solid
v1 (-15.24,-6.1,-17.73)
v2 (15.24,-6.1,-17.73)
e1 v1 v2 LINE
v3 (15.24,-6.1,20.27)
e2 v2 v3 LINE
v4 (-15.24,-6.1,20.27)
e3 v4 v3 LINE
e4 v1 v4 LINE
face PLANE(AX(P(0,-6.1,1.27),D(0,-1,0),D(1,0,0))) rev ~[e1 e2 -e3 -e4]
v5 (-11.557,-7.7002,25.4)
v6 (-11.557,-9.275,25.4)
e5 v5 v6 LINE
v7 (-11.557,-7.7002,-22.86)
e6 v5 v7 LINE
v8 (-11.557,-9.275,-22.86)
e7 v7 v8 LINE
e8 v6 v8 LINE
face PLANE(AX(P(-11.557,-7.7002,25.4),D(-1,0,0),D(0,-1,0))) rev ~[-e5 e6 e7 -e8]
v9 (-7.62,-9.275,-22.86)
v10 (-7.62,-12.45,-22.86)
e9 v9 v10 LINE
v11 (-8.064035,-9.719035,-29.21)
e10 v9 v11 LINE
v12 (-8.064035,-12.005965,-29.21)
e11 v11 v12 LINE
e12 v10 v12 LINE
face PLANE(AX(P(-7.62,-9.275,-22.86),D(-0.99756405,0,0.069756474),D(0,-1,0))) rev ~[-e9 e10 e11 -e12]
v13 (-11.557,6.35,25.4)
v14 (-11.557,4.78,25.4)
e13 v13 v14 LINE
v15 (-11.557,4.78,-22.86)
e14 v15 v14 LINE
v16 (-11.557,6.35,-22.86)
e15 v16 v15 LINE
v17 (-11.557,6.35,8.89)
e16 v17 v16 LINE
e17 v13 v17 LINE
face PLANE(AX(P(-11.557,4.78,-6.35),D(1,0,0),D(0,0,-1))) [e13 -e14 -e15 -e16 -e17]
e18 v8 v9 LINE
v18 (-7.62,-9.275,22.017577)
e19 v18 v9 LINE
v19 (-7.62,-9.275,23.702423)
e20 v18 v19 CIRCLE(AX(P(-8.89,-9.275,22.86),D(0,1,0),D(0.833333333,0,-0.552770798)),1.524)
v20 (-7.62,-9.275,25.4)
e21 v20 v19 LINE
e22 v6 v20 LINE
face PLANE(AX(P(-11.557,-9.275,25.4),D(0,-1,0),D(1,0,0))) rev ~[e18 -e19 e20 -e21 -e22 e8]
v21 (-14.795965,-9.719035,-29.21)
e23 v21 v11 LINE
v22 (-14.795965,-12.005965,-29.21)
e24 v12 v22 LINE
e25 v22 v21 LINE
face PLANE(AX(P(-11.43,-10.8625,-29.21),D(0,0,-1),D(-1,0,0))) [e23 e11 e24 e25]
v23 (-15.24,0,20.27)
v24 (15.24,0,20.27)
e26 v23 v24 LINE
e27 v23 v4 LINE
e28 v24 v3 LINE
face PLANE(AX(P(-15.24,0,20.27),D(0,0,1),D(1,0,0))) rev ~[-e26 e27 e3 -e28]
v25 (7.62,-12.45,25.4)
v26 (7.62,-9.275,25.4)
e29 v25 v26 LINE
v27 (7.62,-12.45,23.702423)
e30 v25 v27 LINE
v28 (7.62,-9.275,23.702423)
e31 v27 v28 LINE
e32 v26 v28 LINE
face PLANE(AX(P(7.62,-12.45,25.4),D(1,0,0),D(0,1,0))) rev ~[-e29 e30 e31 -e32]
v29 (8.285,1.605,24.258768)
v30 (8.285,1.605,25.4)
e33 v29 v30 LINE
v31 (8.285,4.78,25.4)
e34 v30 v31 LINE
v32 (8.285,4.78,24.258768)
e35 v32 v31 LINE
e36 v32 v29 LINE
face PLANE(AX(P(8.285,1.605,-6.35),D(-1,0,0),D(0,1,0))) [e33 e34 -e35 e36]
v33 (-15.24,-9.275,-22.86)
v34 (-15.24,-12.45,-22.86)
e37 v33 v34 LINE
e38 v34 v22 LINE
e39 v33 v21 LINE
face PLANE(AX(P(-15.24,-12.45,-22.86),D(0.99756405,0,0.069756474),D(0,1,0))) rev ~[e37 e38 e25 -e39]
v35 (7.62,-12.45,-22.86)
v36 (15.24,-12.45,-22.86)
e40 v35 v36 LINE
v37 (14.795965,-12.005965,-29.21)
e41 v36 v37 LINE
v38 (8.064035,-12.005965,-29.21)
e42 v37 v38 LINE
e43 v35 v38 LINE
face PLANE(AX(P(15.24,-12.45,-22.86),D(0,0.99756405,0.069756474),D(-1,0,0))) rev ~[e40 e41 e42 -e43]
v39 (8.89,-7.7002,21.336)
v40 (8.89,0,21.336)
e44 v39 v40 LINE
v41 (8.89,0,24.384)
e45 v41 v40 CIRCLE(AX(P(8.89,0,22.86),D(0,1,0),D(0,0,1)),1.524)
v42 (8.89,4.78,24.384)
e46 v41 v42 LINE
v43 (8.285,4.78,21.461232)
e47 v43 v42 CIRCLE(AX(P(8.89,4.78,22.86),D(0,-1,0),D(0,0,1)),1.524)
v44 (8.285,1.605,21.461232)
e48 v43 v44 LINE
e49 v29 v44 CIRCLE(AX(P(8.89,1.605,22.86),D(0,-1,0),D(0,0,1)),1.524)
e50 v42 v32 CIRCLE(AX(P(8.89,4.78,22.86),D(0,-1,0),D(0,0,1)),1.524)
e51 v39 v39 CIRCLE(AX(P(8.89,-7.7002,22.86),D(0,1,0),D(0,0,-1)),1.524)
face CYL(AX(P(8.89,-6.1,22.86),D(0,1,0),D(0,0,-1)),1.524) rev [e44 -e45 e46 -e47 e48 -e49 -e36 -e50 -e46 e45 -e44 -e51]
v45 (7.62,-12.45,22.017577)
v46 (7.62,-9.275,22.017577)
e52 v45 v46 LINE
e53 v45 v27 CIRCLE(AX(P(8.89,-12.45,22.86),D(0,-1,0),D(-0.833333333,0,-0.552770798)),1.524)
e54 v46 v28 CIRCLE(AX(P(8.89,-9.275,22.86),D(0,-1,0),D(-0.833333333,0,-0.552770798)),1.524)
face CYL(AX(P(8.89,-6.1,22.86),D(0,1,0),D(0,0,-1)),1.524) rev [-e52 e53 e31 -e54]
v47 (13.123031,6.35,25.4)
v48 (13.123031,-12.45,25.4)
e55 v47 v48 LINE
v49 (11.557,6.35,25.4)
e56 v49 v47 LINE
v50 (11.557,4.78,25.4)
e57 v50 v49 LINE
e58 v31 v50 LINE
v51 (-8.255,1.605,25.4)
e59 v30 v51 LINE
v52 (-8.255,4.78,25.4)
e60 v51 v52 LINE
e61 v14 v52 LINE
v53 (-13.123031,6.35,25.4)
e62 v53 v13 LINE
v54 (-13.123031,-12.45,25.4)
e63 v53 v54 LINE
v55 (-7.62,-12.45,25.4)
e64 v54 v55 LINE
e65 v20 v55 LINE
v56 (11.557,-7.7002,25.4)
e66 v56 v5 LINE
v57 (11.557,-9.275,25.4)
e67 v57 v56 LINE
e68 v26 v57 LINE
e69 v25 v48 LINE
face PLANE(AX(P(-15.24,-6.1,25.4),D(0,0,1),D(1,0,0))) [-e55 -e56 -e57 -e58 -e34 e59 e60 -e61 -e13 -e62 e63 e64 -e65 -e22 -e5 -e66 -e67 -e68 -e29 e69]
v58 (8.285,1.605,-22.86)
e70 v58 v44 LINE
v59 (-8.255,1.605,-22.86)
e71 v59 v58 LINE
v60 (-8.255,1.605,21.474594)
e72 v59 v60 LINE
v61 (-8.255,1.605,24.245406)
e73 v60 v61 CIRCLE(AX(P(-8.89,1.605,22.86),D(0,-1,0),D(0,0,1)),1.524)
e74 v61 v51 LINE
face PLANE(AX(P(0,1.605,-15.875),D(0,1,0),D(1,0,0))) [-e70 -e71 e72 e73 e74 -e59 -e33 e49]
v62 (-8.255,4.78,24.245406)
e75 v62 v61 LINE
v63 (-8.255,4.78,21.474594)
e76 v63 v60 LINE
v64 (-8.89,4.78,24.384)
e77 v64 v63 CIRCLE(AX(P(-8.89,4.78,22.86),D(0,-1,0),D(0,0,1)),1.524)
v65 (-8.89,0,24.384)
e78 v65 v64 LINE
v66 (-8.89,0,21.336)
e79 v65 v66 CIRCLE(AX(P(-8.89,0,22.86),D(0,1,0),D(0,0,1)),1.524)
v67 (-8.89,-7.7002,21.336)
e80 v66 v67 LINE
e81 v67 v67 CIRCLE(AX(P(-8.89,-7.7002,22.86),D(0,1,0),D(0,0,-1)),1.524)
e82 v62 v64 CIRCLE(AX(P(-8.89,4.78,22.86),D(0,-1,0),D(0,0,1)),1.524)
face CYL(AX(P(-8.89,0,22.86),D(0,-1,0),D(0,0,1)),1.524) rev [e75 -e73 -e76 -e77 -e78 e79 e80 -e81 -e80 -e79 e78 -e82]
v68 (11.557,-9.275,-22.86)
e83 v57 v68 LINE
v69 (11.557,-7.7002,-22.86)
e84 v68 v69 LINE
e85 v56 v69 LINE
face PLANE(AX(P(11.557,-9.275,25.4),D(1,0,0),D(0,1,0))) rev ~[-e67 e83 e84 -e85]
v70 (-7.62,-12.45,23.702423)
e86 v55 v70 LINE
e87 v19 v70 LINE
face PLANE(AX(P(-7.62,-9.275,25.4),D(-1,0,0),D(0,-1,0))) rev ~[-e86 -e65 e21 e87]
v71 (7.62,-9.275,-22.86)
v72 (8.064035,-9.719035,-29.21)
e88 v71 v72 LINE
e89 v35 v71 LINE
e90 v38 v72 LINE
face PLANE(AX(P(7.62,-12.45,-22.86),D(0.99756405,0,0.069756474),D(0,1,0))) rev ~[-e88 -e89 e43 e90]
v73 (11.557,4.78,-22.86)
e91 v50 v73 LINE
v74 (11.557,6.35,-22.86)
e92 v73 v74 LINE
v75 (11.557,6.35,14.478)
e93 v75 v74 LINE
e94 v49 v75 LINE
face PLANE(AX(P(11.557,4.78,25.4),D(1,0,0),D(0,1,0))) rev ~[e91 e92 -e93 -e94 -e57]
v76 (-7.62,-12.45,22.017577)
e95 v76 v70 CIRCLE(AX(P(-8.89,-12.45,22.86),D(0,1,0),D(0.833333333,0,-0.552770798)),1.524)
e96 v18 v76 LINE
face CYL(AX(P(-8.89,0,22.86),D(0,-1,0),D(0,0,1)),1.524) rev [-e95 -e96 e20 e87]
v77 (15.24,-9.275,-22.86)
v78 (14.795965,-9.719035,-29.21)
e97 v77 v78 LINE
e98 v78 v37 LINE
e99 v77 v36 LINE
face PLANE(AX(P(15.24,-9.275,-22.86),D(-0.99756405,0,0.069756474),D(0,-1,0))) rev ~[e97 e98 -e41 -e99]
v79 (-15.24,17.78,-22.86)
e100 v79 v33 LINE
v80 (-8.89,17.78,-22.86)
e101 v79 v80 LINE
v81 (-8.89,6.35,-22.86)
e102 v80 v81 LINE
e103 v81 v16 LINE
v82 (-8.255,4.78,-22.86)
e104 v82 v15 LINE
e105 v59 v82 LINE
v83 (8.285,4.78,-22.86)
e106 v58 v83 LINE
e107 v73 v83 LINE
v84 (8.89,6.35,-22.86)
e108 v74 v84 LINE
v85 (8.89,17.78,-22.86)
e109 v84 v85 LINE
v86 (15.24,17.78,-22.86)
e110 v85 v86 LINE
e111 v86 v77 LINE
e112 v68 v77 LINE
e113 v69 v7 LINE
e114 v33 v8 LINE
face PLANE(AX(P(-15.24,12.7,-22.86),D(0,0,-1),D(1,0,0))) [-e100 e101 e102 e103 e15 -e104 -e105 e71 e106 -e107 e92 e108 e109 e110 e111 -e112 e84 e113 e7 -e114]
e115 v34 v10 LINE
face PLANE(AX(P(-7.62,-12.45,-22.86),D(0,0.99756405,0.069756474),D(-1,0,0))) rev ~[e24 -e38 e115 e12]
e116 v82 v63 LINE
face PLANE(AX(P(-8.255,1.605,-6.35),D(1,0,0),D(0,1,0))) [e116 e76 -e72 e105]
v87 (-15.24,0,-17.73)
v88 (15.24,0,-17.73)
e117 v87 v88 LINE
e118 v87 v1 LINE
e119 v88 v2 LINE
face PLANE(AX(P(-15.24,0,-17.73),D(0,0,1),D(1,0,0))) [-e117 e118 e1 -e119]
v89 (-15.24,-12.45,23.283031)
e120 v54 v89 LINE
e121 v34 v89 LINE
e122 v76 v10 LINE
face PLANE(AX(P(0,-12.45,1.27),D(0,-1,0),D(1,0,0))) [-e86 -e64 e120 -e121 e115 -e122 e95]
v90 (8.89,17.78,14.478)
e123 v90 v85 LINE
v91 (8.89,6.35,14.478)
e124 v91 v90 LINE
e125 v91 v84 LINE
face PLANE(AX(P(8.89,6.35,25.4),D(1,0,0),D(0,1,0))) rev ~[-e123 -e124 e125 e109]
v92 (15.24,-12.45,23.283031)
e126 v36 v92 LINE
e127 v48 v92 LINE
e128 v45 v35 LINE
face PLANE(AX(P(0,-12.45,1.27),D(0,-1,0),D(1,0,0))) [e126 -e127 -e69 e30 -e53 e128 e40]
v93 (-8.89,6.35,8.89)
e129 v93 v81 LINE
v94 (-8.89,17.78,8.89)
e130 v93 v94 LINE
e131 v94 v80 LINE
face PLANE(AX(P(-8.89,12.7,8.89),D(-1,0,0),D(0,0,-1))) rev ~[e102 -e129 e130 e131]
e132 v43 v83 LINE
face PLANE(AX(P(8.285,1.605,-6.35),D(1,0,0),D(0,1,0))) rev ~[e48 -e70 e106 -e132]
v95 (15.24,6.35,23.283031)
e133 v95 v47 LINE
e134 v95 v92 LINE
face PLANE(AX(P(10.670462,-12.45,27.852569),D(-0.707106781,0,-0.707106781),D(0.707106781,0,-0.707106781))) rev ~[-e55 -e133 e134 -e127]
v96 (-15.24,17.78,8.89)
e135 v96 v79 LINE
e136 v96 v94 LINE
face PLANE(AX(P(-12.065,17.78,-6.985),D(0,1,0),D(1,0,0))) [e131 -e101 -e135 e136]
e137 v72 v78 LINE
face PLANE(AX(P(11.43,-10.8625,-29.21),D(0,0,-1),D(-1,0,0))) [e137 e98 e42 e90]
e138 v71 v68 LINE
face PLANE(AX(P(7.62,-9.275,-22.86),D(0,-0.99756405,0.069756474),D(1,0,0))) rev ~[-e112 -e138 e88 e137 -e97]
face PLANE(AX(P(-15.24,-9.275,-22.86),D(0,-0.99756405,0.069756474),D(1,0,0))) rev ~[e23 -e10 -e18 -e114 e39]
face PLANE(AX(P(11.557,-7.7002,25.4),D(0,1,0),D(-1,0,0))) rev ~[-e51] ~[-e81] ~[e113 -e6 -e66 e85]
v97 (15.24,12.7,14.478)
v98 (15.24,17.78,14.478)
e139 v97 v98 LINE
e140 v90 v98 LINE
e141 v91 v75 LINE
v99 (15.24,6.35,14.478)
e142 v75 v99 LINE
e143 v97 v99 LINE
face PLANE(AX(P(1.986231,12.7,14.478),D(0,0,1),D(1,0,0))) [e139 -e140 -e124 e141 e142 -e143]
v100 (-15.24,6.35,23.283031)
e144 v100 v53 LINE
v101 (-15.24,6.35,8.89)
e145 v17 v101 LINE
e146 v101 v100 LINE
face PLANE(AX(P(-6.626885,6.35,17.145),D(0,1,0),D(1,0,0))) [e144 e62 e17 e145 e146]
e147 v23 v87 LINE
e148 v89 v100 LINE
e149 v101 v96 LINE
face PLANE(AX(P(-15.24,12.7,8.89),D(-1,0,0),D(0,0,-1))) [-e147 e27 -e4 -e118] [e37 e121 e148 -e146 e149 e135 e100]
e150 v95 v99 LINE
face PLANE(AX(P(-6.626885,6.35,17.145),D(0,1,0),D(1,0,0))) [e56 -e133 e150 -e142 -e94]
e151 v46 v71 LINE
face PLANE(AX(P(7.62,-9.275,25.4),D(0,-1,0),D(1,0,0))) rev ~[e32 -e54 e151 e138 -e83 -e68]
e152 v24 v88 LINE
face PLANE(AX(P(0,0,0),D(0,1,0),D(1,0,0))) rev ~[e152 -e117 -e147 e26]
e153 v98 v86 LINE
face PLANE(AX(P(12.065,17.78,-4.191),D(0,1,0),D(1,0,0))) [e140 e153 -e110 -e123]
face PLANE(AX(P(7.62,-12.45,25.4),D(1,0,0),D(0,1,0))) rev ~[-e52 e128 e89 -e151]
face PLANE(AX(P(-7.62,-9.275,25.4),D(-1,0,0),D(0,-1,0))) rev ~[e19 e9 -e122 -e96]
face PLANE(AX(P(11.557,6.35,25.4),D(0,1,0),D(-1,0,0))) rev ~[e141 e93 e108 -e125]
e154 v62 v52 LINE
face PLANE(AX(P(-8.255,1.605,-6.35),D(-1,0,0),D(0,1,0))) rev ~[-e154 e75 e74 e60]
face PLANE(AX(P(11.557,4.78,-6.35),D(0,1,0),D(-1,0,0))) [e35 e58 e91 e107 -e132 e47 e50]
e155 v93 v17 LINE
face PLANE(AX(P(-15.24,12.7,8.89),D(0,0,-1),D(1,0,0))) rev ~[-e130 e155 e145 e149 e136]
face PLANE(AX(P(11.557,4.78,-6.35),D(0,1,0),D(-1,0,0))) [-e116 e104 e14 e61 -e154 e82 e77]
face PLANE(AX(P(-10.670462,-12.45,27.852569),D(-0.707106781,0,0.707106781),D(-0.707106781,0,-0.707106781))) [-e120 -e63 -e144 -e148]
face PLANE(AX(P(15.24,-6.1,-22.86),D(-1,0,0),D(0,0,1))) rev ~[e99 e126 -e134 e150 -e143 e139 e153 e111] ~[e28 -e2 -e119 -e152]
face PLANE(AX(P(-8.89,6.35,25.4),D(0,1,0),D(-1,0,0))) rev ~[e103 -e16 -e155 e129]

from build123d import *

# Parameters (mm, degrees)
SKETCH1_W                     = 30.48
SKETCH1_H                     = 50.8
SKETCH1_R                     = 1.524
BOSS_EXTRUDE1_DEPTH           = 12.7
CUT_EXTRUDE1_DEPTH            = 55.536112806
SKETCH3_W                     = 13.253769435
SKETCH3_H                     = 10.922
CUT_EXTRUDE2_DEPTH            = 6.35
SKETCH4_W                     = 23.114
SKETCH4_H                     = 19.05
CUT_EXTRUDE3_DEPTH            = 3.175
CUT_EXTRUDE4_DEPTH            = 2.54
SKETCH7_W                     = 3.272
SKETCH7_H                     = 3.175
SKETCH7_W_2                   = 3.302
BOSS_EXTRUDE2_DEPTH           = 16.51
SKETCH8_W                     = 16.54
SKETCH8_H                     = 3.175
CUT_EXTRUDE5_DEPTH            = 38.438083551
CUT_EXTRUDE5_DEPTH_BACK       = 38.438083551
SKETCH9_W                     = 30.48
SKETCH9_H                     = 5.13
SKETCH9_R                     = 1.524
BOSS_EXTRUDE3_DEPTH           = 6.1
SKETCH10_W                    = 30.48
SKETCH10_H                    = 48.26
SKETCH10_R                    = 1.524
BOSS_EXTRUDE4_DEPTH           = 6.35
CUT_EXTRUDE7_DEPTH            = 53.178302004
CUT_EXTRUDE7_DEPTH_BACK       = 53.178302004
BOSS_EXTRUDE5_DEPTH           = 6.35
BOSS_EXTRUDE5_DRAFT           = 4
BOSS_EXTRUDE5_PROFILE_2_DEPTH = 6.35
BOSS_EXTRUDE5_PROFILE_2_DRAFT = 4
CUT_EXTRUDE8_DEPTH            = 42.448814217
SKETCH14_W                    = 6.35
SKETCH14_H                    = 31.75
SKETCH14_H_2                  = 37.338
BOSS_EXTRUDE6_DEPTH           = 5.08


with BuildPart() as part:
    # Sketch1 → Boss-Extrude1 (new body)
    with BuildSketch(Plane(origin=(0, 0, 0), x_dir=(1, 0, 0), z_dir=(0, 1, 0))):
        Rectangle(SKETCH1_W, SKETCH1_H)
        with Locations(Location((8.89, -22.86, 0), (0, 0, 270))):
            Circle(SKETCH1_R, mode=Mode.SUBTRACT)
        with Locations(Location((-8.89, -22.86, 0), (0, 0, 270))):
            Circle(SKETCH1_R, mode=Mode.SUBTRACT)
        with Locations((8.89, 22.86)):
            Circle(SKETCH1_R, mode=Mode.SUBTRACT)
        with Locations((-8.89, 22.86)):
            Circle(SKETCH1_R, mode=Mode.SUBTRACT)
        with Locations((8.89, 22.86)):
            Circle(SKETCH1_R)
        with Locations((-8.89, 22.86)):
            Circle(SKETCH1_R)
    extrude(amount=BOSS_EXTRUDE1_DEPTH)

    # Sketch2 → Cut-Extrude1 (cut, through all)
    with BuildSketch(Plane.XY.offset(25.4)):
        Polygon((8.89, 12.7), (-8.89, 12.7), (-8.89, 6.35), (-11.557, 6.35), (-11.557, 4.78), (11.557, 4.78), (11.557, 6.35), (8.89, 6.35), align=None)
    extrude(amount=-CUT_EXTRUDE1_DEPTH, mode=Mode.SUBTRACT)

    # Sketch3 → Cut-Extrude2 (cut)
    with BuildSketch(Plane(origin=(0, 12.7, 0), x_dir=(1, 0, 0), z_dir=(0, 1, 0))):
        Polygon((-15.24, -8.89), (-15.24, -25.4), (1.986230565, -25.4), (1.986230565, -14.478), (1.986230565, -8.89), align=None)
        with Locations((8.613115283, -19.939)):
            Rectangle(SKETCH3_W, SKETCH3_H)
    extrude(amount=-CUT_EXTRUDE2_DEPTH, mode=Mode.SUBTRACT)

    # Sketch4 → Cut-Extrude3 (cut)
    with BuildSketch(Plane(origin=(0, 4.78, 0), x_dir=(1, 0, 0), z_dir=(0, 1, 0))):
        with Locations((0, 15.875)):
            Rectangle(SKETCH4_W, SKETCH4_H)
    extrude(amount=-CUT_EXTRUDE3_DEPTH, mode=Mode.SUBTRACT)

    # Sketch6 → Cut-Extrude4 (cut)
    with BuildSketch(Plane(origin=(0, 0, -25.4), x_dir=(-1, 0, 0), z_dir=(0, 0, -1))):
        Polygon((11.557, 6.35), (11.557, 1.605), (-11.557, 1.605), (-11.557, 6.35), (-8.89, 6.35), (-8.89, 12.7), (-15.24, 12.7), (-15.24, 0), (15.24, 0), (15.24, 12.7), (8.89, 12.7), (8.89, 6.35), align=None)
    extrude(amount=-CUT_EXTRUDE4_DEPTH, mode=Mode.SUBTRACT)

    # Sketch7 → Boss-Extrude2 (add)
    with BuildSketch(Plane(origin=(0, 0, -6.35), x_dir=(-1, 0, 0), z_dir=(0, 0, -1))):
        with Locations((-9.921, 3.1925)):
            Rectangle(SKETCH7_W, SKETCH7_H)
        with Locations((9.906, 3.1925)):
            Rectangle(SKETCH7_W_2, SKETCH7_H)
    extrude(amount=BOSS_EXTRUDE2_DEPTH)

    # Sketch8 → Cut-Extrude5 (cut, two sides)
    with BuildSketch(Plane(origin=(0, 0, -6.35), x_dir=(-1, 0, 0), z_dir=(0, 0, -1))) as cut_extrude5_sk:
        with Locations((-0.015, 3.1925)):
            Rectangle(SKETCH8_W, SKETCH8_H)
    extrude(amount=CUT_EXTRUDE5_DEPTH, mode=Mode.SUBTRACT)
    extrude(cut_extrude5_sk.sketch, amount=-CUT_EXTRUDE5_DEPTH_BACK, mode=Mode.SUBTRACT)

    # Sketch9 → Boss-Extrude3 (add)
    with BuildSketch(Plane.XZ):
        with Locations((0, 22.835)):
            Rectangle(SKETCH9_W, SKETCH9_H)
        with Locations(Location((-8.89, 22.86, 0), (0, 0, 270))):
            Circle(SKETCH9_R, mode=Mode.SUBTRACT)
        with Locations(Location((8.89, 22.86, 0), (0, 0, 270))):
            Circle(SKETCH9_R, mode=Mode.SUBTRACT)
        with Locations((0, -20.295)):
            Rectangle(SKETCH9_W, SKETCH9_H)
    extrude(amount=BOSS_EXTRUDE3_DEPTH)

    # Sketch10 → Boss-Extrude4 (add)
    with BuildSketch(Plane.XZ.offset(6.1)):
        with Locations((0, 1.27)):
            Rectangle(SKETCH10_W, SKETCH10_H)
        with Locations(Location((8.89, 22.86, 0), (0, 0, 270))):
            Circle(SKETCH10_R, mode=Mode.SUBTRACT)
        with Locations(Location((-8.89, 22.86, 0), (0, 0, 270))):
            Circle(SKETCH10_R, mode=Mode.SUBTRACT)
    extrude(amount=BOSS_EXTRUDE4_DEPTH)

    # Sketch11 → Cut-Extrude7 (cut, two sides)
    with BuildSketch(Plane.XY.offset(25.4)) as cut_extrude7_sk:
        Polygon((-7.62, -12.45), (0, -12.45), (0, -7.7002), (-11.557, -7.7002), (-11.557, -9.275), (-7.62, -9.275), align=None)
        Polygon((0, -7.7002), (0, -12.45), (7.62, -12.45), (7.62, -9.275), (11.557, -9.275), (11.557, -7.7002), align=None)
    extrude(amount=CUT_EXTRUDE7_DEPTH, mode=Mode.SUBTRACT)
    extrude(cut_extrude7_sk.sketch, amount=-CUT_EXTRUDE7_DEPTH_BACK, mode=Mode.SUBTRACT)


with BuildPart() as boss_extrude5_tool:
    # Sketch12 → Boss-Extrude5 (with draft: the straight prism first)
    with BuildSketch(Plane(origin=(0, 0, -22.86), x_dir=(-1, 0, 0), z_dir=(0, 0, -1))):
        Polygon((-7.62, -12.45), (-7.62, -9.275), (-11.557, -9.275), (-15.24, -9.275), (-15.24, -12.45), align=None)
    extrude(amount=BOSS_EXTRUDE5_DEPTH)
    # Boss-Extrude5: the draft: its side faces are tilted about the plane it starts from
    boss_extrude5_sides = [boss_extrude5_tool.faces().sort_by_distance(p)[0] for p in [
        (7.62, -10.8625, -26.035),
        (15.24, -10.8625, -26.035),
        (11.43, -9.275, -26.035),
        (11.43, -12.45, -26.035),
    ]]
    draft(boss_extrude5_sides, Plane(origin=(0, 0, -22.86), x_dir=(-1, 0, 0), z_dir=(0, 0, -1)), BOSS_EXTRUDE5_DRAFT)


with BuildPart() as part_1:
    add(part.part)

    # Boss-Extrude5: add boss_extrude5_tool
    add(boss_extrude5_tool.part)


with BuildPart() as boss_extrude5_profile_2_tool:
    # Sketch12 → Boss-Extrude5 profile 2 (with draft: the straight prism first)
    with BuildSketch(Plane(origin=(0, 0, -22.86), x_dir=(-1, 0, 0), z_dir=(0, 0, -1))):
        Polygon((15.24, -12.45), (15.24, -9.275), (11.557, -9.275), (7.62, -9.275), (7.62, -12.45), align=None)
    extrude(amount=BOSS_EXTRUDE5_PROFILE_2_DEPTH)
    # Boss-Extrude5 profile 2: the draft: its side faces are tilted about the plane it starts from
    boss_extrude5_profile_2_sides = [boss_extrude5_profile_2_tool.faces().sort_by_distance(p)[0] for p in [
        (-11.43, -12.45, -26.035),
        (-11.43, -9.275, -26.035),
        (-15.24, -10.8625, -26.035),
        (-7.62, -10.8625, -26.035),
    ]]
    draft(boss_extrude5_profile_2_sides, Plane(origin=(0, 0, -22.86), x_dir=(-1, 0, 0), z_dir=(0, 0, -1)), BOSS_EXTRUDE5_PROFILE_2_DRAFT)


with BuildPart() as part_2:
    add(part_1.part)

    # Boss-Extrude5 profile 2: add boss_extrude5_profile_2_tool
    add(boss_extrude5_profile_2_tool.part)

    # Sketch13 → Cut-Extrude8 (cut, through all)
    with BuildSketch(Plane.XZ.offset(12.45)):
        Polygon((-22.129268927, 18.728628624), (-23.925320151, 20.524679849), (-15.843089642, 28.606910358), (-14.047038418, 26.810859133), (-11.837895412, 29.020002139), (-10.670462117, 27.852568843), (-23.170978637, 15.352052323), (-24.338411933, 16.519485619), align=None)
        Polygon((23.170978637, 15.352052323), (24.338411933, 16.519485619), (22.129268927, 18.728628624), (23.925320151, 20.524679849), (15.843089642, 28.606910358), (14.047038418, 26.810859133), (11.837895412, 29.020002139), (10.670462117, 27.852568843), (13.12303096, 25.4), (15.24, 25.4), (15.24, 23.28303096), align=None)
        Polygon((13.12303096, 25.4), (15.24, 23.28303096), (15.24, 25.4), align=None)
    extrude(amount=-CUT_EXTRUDE8_DEPTH, mode=Mode.SUBTRACT)

    # Sketch14 → Boss-Extrude6 (add)
    with BuildSketch(Plane(origin=(0, 12.7, 0), x_dir=(1, 0, 0), z_dir=(0, 1, 0))):
        with Locations((-12.065, 6.985)):
            Rectangle(SKETCH14_W, SKETCH14_H)
        with Locations((12.065, 4.191)):
            Rectangle(SKETCH14_W, SKETCH14_H_2)
    extrude(amount=BOSS_EXTRUDE6_DEPTH)


solid = part_2.part
